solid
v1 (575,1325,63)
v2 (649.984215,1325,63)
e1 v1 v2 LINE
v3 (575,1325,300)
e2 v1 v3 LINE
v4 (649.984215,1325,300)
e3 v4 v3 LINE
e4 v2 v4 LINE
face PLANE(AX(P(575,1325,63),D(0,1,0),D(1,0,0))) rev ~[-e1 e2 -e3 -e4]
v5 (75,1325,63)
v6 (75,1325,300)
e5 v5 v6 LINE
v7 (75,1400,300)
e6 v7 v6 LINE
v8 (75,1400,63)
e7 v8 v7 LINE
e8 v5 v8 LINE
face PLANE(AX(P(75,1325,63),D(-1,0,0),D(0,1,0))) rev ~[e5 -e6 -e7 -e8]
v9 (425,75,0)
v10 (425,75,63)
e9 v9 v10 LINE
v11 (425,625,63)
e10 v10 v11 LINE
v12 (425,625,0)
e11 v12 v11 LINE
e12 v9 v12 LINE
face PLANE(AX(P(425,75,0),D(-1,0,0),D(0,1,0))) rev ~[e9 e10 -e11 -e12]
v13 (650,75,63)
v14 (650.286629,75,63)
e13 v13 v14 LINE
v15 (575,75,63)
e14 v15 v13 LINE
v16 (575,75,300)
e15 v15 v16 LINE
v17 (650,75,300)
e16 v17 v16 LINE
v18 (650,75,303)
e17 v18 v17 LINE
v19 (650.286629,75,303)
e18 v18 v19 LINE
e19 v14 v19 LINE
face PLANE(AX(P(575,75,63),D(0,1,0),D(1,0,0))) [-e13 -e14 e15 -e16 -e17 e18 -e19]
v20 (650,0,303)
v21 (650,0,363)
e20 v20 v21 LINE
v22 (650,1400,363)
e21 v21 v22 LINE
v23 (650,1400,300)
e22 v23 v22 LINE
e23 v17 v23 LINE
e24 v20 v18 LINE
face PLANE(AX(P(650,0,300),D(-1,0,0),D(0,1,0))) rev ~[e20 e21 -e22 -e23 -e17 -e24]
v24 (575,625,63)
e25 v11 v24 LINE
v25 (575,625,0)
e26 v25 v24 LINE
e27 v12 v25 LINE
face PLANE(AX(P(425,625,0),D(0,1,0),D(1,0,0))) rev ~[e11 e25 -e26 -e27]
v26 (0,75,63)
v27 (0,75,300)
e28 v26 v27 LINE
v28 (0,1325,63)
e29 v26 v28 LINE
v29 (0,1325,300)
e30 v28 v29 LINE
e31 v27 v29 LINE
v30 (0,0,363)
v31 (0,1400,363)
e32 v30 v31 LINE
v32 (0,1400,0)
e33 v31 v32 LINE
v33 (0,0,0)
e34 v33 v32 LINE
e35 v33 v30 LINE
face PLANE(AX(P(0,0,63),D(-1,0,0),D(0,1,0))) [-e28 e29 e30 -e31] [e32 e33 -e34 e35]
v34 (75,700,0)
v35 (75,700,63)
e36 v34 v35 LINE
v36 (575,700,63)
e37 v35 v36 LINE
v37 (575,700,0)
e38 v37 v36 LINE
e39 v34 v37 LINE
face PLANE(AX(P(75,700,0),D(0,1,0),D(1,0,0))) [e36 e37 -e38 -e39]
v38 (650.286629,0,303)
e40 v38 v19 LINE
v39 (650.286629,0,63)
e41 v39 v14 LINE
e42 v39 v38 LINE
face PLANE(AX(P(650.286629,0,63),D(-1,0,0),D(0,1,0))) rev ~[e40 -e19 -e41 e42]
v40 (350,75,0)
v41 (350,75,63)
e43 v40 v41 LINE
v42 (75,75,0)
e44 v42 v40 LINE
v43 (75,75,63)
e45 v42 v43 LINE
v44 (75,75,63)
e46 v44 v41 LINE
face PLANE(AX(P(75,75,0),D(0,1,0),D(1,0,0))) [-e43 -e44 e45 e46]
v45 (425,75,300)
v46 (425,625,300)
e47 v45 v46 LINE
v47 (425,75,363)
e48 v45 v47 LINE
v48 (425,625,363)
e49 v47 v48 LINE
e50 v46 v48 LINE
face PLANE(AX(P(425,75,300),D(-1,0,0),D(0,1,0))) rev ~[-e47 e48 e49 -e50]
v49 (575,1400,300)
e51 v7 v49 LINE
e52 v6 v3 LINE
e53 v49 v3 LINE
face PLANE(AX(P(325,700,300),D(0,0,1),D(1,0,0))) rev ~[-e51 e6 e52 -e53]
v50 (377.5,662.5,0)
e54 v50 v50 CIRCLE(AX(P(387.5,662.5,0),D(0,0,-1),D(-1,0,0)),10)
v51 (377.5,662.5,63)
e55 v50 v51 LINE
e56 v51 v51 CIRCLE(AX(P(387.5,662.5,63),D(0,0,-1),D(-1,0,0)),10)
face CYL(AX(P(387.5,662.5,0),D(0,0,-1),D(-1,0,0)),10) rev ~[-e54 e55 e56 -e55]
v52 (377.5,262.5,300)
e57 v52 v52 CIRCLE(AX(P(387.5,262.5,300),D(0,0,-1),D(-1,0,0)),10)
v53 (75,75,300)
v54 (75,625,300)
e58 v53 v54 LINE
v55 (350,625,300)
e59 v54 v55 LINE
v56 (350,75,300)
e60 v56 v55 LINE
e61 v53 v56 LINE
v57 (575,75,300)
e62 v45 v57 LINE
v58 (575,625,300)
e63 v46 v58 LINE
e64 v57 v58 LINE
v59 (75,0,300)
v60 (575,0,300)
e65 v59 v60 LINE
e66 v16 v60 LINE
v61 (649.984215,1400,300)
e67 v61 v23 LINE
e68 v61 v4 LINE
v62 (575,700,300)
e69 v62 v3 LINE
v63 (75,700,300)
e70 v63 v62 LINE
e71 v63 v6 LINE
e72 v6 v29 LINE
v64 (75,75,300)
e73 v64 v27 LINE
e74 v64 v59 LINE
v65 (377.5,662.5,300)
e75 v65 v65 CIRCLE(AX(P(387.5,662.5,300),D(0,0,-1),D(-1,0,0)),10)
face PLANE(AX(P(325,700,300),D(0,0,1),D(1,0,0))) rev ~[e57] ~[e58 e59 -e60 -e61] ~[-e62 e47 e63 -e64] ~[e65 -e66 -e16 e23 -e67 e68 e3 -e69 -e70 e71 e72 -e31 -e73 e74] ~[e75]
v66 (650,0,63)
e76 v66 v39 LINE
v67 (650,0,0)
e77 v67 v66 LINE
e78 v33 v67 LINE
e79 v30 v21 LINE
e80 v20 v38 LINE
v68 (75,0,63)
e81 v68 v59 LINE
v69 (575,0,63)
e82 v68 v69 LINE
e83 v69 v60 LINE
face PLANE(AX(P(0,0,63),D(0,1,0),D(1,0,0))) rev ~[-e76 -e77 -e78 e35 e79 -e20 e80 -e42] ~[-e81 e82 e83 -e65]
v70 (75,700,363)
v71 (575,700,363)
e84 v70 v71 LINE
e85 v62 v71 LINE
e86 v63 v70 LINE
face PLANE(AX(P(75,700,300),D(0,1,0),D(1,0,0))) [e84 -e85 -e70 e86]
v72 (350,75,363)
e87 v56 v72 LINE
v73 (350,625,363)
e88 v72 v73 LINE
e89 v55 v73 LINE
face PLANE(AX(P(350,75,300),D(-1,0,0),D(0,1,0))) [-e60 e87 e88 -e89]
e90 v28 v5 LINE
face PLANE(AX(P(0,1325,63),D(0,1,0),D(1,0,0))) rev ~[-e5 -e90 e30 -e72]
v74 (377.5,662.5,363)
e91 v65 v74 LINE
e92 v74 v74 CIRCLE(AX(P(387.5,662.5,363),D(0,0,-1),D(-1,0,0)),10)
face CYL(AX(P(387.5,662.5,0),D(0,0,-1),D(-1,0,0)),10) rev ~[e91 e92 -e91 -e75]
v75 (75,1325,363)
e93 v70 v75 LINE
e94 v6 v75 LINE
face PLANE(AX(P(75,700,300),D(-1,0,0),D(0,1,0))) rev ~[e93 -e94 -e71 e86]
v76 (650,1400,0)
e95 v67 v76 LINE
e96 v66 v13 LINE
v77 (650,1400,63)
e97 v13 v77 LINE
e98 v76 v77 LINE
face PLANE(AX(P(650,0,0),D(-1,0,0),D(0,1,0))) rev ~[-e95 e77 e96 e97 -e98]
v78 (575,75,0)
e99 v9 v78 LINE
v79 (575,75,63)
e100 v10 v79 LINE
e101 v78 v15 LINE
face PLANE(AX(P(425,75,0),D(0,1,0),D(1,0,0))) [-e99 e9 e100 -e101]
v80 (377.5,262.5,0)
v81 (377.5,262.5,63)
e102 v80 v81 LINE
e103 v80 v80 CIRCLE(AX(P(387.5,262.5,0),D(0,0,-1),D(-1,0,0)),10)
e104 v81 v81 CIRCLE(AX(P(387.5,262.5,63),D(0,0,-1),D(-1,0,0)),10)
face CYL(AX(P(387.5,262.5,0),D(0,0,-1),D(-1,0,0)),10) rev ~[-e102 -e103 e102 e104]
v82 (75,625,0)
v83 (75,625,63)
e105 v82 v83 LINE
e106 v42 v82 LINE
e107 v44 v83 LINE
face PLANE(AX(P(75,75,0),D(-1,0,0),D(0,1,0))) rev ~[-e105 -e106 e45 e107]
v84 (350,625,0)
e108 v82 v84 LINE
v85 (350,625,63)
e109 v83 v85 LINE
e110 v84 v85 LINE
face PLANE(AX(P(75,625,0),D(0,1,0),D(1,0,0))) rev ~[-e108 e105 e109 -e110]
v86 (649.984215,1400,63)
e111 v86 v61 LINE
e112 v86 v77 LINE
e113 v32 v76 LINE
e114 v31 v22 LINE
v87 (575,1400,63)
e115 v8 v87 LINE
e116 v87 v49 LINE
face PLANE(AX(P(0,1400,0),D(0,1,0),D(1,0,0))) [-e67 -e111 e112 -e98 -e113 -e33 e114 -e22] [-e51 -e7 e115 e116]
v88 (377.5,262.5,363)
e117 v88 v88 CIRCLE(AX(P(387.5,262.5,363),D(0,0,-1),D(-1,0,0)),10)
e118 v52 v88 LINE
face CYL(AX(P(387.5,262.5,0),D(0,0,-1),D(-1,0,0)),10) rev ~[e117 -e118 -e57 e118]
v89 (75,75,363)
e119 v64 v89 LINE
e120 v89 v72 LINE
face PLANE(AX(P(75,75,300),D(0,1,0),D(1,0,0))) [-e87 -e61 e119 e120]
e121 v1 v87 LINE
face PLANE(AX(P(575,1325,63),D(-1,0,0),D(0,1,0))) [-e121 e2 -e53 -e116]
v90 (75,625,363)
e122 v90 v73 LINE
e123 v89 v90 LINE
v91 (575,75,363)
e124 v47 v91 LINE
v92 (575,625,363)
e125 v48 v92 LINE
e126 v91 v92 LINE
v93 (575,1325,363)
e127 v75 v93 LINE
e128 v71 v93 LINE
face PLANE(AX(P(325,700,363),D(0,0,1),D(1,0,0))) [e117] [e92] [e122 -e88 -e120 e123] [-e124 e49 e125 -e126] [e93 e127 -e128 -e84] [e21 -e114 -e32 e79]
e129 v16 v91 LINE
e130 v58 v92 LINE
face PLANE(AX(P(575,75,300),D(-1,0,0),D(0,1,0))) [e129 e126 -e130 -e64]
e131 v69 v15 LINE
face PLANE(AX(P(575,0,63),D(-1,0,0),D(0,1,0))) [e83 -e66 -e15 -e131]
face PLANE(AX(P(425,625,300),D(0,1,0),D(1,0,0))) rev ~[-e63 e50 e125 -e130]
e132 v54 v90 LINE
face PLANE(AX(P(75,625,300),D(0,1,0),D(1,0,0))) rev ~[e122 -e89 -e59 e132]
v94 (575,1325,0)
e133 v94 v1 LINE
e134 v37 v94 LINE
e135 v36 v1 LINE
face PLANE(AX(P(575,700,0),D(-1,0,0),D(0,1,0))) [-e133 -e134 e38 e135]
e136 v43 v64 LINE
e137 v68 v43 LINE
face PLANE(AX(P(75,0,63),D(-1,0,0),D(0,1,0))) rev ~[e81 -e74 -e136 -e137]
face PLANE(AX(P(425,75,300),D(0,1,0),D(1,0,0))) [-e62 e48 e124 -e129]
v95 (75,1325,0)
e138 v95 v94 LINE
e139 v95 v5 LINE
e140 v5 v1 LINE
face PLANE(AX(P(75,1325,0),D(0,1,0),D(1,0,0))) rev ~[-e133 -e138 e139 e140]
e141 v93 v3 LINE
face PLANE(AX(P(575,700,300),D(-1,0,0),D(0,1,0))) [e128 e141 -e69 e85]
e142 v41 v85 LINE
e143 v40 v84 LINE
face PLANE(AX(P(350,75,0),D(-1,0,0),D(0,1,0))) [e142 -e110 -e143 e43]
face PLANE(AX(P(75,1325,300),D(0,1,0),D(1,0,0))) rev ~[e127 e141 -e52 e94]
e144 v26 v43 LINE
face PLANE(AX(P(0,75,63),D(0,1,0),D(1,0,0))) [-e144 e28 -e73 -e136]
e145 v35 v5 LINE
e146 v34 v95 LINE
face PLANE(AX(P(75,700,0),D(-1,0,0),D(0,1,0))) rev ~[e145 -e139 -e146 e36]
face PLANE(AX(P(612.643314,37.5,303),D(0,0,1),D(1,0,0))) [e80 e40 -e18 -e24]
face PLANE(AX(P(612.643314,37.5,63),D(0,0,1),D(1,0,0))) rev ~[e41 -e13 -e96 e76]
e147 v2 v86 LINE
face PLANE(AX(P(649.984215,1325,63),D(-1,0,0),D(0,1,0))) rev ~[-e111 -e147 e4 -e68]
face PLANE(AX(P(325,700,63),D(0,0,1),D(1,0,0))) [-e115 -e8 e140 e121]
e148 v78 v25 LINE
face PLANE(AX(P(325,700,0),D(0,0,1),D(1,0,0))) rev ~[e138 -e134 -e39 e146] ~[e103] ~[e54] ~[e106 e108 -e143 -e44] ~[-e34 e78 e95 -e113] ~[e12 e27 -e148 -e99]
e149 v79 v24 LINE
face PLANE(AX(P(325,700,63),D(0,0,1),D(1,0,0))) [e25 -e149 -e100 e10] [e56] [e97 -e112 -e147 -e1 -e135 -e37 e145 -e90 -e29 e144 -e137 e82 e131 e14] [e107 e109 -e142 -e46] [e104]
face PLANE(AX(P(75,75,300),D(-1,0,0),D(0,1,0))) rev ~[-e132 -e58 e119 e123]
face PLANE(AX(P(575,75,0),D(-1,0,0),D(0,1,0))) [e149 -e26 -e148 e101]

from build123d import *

# Parameters (mm, degrees)
ESQUISSE1_W                = 650
ESQUISSE1_H                = 1400
ESQUISSE1_W_2              = 275
ESQUISSE1_H_2              = 550
ESQUISSE1_W_3              = 150
ESQUISSE1_W_4              = 500
ESQUISSE1_H_3              = 625
BOSS_EXTRU_1_DEPTH         = 63
R_P_TITION_LIN_AIRE1_COUNT = 2
R_P_TITION_LIN_AIRE1_PITCH = 300
ESQUISSE2_W                = 75
ESQUISSE2_H                = 75
ESQUISSE2_W_2              = 75.286628514
ESQUISSE2_W_3              = 74.984214748
BOSS_EXTRU_2_DEPTH         = 240
ESQUISSE15_R               = 10
ENL_V_MAT_EXTRU_4_DEPTH    = 1586.76218243


with BuildPart() as part:
    # Esquisse1 → Boss.-Extru.1 (new body)
    with BuildSketch(Plane.XY):
        with Locations((325, 700)):
            Rectangle(ESQUISSE1_W, ESQUISSE1_H)
        with Locations((212.5, 350)):
            Rectangle(ESQUISSE1_W_2, ESQUISSE1_H_2, mode=Mode.SUBTRACT)
        with Locations((500, 350)):
            Rectangle(ESQUISSE1_W_3, ESQUISSE1_H_2, mode=Mode.SUBTRACT)
        with Locations((325, 1012.5)):
            Rectangle(ESQUISSE1_W_4, ESQUISSE1_H_3, mode=Mode.SUBTRACT)
    extrude(amount=BOSS_EXTRU_1_DEPTH)


with BuildPart() as r_p_tition_lin_aire1_1:
    # Répétition linéaire1: pattern copy
    add(part.part.moved(Location(Vector(0, 0, 1) * (1 * R_P_TITION_LIN_AIRE1_PITCH))))


with BuildPart() as part_1:
    add(part.part)

    add(r_p_tition_lin_aire1_1.part)  # Boss.-Extru.2 merges Répétition linéaire1_1
    # Esquisse2 → Boss.-Extru.2 (add)
    with BuildSketch(Plane.XY.offset(63)):
        with Locations((37.5, 37.5)):
            Rectangle(ESQUISSE2_W, ESQUISSE2_H)
        with Locations((612.643314257, 37.5)):
            Rectangle(ESQUISSE2_W_2, ESQUISSE2_H)
        with Locations((612.492107374, 1362.5)):
            Rectangle(ESQUISSE2_W_3, ESQUISSE2_H)
        with Locations((37.5, 1362.5)):
            Rectangle(ESQUISSE2_W, ESQUISSE2_H)
    extrude(amount=BOSS_EXTRU_2_DEPTH)

    # Esquisse15 → Enlèv. mat.-Extru.4 (cut, through all)
    with BuildSketch(Plane(origin=(0, 0, 0), x_dir=(-1, 0, 0), z_dir=(0, 0, -1))):
        with Locations((-387.5, 662.5)):
            Circle(ESQUISSE15_R)
        with Locations((-387.5, 262.5)):
            Circle(ESQUISSE15_R)
    extrude(amount=-ENL_V_MAT_EXTRU_4_DEPTH, mode=Mode.SUBTRACT)


solid = part_1.part
